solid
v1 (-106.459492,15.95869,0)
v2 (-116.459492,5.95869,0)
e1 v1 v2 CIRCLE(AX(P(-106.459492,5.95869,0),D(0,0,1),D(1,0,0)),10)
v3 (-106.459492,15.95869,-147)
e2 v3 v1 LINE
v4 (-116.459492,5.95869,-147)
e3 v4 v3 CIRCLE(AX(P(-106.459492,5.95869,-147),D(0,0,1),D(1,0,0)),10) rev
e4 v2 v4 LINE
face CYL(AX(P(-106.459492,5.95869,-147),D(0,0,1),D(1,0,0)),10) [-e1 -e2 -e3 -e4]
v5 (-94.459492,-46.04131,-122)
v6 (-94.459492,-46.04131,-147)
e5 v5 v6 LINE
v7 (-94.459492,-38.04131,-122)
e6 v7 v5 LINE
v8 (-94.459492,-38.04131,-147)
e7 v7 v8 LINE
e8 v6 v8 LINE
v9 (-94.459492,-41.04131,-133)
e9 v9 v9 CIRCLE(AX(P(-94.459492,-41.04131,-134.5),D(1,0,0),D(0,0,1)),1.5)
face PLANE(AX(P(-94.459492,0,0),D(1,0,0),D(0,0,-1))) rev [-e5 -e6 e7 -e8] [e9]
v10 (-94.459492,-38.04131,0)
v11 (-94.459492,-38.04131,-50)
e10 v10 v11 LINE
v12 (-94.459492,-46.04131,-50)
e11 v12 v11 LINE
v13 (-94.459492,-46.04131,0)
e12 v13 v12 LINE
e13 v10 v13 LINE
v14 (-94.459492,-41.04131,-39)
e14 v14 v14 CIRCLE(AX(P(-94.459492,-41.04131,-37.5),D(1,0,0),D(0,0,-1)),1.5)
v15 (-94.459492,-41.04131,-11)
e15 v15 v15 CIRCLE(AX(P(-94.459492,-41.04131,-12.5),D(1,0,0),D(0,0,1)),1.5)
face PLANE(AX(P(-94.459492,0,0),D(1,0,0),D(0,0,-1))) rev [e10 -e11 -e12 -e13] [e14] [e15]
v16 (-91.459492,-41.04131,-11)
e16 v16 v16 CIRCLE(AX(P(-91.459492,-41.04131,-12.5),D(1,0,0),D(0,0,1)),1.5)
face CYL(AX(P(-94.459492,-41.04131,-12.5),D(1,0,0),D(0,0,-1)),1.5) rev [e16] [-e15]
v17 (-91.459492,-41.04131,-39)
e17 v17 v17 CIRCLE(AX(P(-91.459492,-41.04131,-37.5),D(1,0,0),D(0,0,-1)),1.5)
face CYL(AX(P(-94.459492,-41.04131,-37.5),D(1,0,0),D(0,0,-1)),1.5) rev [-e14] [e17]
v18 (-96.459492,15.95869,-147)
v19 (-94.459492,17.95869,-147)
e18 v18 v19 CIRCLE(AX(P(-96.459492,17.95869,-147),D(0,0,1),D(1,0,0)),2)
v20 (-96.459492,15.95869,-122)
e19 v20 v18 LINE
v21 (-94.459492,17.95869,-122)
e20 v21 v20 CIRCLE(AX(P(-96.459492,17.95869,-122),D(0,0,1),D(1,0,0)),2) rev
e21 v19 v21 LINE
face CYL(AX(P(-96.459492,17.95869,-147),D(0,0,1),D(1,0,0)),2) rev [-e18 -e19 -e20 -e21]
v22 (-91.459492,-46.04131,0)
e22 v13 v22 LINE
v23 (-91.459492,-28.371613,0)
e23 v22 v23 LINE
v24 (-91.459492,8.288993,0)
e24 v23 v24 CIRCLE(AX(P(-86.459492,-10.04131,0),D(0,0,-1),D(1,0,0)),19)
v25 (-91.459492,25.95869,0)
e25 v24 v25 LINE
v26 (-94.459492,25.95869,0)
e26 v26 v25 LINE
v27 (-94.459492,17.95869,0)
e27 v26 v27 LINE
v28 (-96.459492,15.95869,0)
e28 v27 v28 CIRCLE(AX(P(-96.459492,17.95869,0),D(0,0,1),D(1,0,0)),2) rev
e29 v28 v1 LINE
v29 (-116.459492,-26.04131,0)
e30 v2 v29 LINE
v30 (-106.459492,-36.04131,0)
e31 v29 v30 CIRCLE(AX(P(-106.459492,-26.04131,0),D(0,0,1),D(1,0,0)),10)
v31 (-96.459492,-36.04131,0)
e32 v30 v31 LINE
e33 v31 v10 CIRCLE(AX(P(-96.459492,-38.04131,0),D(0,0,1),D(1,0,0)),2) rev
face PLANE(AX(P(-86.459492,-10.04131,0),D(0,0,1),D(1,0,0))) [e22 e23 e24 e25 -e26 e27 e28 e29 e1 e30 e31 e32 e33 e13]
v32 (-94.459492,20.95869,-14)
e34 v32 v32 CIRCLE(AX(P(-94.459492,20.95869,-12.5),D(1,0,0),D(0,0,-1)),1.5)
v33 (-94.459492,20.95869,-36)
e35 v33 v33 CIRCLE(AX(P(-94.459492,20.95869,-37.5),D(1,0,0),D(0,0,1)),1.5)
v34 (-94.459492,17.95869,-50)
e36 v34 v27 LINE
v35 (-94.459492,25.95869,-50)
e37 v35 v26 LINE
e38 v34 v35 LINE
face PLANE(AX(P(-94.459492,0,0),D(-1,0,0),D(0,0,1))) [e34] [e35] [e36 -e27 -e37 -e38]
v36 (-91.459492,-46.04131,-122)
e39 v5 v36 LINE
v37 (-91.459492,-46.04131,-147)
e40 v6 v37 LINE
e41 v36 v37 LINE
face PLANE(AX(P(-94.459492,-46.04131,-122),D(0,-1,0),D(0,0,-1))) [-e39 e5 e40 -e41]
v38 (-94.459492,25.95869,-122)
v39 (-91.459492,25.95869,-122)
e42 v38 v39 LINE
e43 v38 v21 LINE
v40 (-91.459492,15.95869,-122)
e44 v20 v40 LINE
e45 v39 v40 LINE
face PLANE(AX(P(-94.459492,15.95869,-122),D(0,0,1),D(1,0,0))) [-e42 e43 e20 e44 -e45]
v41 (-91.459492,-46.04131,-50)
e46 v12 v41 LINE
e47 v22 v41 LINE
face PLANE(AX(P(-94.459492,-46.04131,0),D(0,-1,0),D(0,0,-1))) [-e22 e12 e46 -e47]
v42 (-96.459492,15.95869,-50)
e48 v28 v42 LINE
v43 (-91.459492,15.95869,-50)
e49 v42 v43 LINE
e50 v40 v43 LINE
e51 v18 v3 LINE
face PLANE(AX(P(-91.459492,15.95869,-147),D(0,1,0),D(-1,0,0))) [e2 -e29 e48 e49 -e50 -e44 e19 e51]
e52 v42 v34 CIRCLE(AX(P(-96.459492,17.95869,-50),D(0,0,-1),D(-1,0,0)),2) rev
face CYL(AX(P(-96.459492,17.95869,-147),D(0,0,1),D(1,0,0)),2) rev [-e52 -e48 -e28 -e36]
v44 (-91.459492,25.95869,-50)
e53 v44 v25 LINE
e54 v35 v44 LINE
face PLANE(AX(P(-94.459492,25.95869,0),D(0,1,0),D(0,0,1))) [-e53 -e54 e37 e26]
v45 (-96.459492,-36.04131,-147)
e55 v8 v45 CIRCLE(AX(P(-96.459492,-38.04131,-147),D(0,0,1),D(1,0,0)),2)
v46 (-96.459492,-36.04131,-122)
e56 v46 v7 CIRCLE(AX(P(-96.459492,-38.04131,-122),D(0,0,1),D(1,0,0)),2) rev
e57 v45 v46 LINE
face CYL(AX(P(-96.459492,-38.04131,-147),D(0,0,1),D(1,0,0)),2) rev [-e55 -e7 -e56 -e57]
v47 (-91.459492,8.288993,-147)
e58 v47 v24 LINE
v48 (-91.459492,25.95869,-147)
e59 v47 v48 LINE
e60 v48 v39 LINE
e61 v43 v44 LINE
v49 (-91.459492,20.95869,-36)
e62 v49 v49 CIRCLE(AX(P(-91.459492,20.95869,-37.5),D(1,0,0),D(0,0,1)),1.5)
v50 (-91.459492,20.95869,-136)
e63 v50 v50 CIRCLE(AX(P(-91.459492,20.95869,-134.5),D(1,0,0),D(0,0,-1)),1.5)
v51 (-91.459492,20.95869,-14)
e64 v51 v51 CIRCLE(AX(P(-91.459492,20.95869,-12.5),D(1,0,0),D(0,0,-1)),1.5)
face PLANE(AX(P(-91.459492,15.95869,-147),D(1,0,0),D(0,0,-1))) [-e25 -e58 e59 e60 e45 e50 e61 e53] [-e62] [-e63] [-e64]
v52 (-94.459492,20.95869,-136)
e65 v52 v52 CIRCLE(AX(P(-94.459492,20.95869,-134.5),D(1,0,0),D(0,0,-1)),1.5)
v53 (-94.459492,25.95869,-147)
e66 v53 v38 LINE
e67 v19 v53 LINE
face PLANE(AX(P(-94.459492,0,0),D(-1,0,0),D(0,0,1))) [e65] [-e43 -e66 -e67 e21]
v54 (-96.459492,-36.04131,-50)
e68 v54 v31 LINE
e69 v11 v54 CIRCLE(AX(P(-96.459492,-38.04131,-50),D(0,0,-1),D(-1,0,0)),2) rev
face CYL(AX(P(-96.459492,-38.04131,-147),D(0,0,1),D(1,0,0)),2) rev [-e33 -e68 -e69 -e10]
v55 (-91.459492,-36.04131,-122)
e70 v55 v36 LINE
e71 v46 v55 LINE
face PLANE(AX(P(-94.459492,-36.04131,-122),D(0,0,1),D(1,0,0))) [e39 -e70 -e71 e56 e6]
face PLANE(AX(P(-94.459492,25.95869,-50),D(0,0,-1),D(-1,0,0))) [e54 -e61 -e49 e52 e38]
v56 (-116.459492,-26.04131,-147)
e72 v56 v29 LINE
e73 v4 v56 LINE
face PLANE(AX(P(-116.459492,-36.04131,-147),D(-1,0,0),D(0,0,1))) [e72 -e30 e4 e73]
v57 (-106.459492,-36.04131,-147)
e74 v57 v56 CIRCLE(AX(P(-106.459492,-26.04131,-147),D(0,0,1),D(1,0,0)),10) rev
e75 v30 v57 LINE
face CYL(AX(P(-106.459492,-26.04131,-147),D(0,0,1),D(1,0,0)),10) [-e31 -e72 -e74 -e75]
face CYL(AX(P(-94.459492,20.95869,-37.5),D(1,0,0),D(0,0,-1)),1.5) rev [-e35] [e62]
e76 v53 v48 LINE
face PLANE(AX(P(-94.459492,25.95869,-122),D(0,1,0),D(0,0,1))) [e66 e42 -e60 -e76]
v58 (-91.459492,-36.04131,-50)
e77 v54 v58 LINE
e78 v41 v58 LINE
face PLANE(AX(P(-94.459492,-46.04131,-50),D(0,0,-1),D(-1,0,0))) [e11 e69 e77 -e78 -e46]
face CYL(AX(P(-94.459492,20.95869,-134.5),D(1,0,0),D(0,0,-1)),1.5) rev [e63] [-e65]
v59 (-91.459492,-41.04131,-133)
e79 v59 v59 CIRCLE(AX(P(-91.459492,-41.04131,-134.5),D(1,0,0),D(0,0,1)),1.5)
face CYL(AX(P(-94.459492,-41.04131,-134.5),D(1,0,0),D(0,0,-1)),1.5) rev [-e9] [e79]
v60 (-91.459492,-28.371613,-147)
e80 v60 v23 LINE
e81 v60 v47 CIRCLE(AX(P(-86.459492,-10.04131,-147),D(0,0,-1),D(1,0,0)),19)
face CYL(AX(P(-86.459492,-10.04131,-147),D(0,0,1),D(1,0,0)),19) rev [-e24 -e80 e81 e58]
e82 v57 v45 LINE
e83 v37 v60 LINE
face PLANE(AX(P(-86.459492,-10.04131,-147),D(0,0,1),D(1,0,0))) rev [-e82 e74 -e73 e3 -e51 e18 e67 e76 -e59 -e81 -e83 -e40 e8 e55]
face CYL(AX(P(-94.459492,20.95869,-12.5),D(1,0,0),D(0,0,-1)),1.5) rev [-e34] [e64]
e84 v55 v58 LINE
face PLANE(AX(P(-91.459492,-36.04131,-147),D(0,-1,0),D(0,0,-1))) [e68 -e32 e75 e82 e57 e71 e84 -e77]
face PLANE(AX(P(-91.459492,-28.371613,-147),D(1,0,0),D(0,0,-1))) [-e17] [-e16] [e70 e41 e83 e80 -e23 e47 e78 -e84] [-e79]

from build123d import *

# Parameters (mm, degrees)
BOSS_EXTRUDE1_DEPTH = 147
SKETCH2_W           = 50
SKETCH2_H           = 10
SKETCH2_R           = 1.5
SKETCH2_W_2         = 25
BOSS_EXTRUDE2_DEPTH = 3
FILLET1_R           = 10
FILLET2_R           = 2


with BuildPart() as part:
    # Sketch1 → Boss-Extrude1 (new body)
    with BuildSketch(Plane.XY):
        with BuildLine():
            Line((-91.459491941, 15.958690151), (-116.459491941, 15.958690151))
            Line((-116.459491941, 15.958690151), (-116.459491941, -36.041309849))
            Line((-116.459491941, -36.041309849), (-91.459491941, -36.041309849))
            Line((-91.459491941, -36.041309849), (-91.459491941, -28.371612629))
            ThreePointArc((-91.459491941, -28.371612629), (-105.459491941, -10.041309849), (-91.459491941, 8.288992931))
            Line((-91.459491941, 8.288992931), (-91.459491941, 15.958690151))
        make_face()
    extrude(amount=-BOSS_EXTRUDE1_DEPTH)

    # Sketch2 → Boss-Extrude2 (add)
    # profile 1 of 4: a face of its own
    with BuildSketch(Plane(origin=(-91.459491941, 0, 0), x_dir=(0, 0, -1), z_dir=(1, 0, 0))):
        with Locations((25, 20.958690151)):
            Rectangle(SKETCH2_W, SKETCH2_H)
        with Locations((12.5, 20.958690151)):
            Circle(SKETCH2_R, mode=Mode.SUBTRACT)
        with Locations(Location((37.5, 20.958690151, 0), (0, 0, 180))):
            Circle(SKETCH2_R, mode=Mode.SUBTRACT)
    # profile 2 of 4: a face of its own
    with BuildSketch(Plane(origin=(-91.459491941, 0, 0), x_dir=(0, 0, -1), z_dir=(1, 0, 0))):
        with Locations((134.5, 20.958690151)):
            Rectangle(SKETCH2_W_2, SKETCH2_H)
        with Locations((134.5, 20.958690151)):
            Circle(SKETCH2_R, mode=Mode.SUBTRACT)
    # profile 3 of 4: a face of its own
    with BuildSketch(Plane(origin=(-91.459491941, 0, 0), x_dir=(0, 0, -1), z_dir=(1, 0, 0))):
        with Locations((25, -41.041309849)):
            Rectangle(SKETCH2_W, SKETCH2_H)
        with Locations((37.5, -41.041309849)):
            Circle(SKETCH2_R, mode=Mode.SUBTRACT)
        with Locations(Location((12.5, -41.041309849, 0), (0, 0, 180))):
            Circle(SKETCH2_R, mode=Mode.SUBTRACT)
    # profile 4 of 4: a face of its own
    with BuildSketch(Plane(origin=(-91.459491941, 0, 0), x_dir=(0, 0, -1), z_dir=(1, 0, 0))):
        with Locations((134.5, -41.041309849)):
            Rectangle(SKETCH2_W_2, SKETCH2_H)
        with Locations(Location((134.5, -41.041309849, 0), (0, 0, 180))):
            Circle(SKETCH2_R, mode=Mode.SUBTRACT)
    extrude(amount=-BOSS_EXTRUDE2_DEPTH)

    # Fillet1
    fillet1_edges = [part.edges().sort_by_distance(p)[0] for p in [
        (-116.459491941, 15.958690151, -73.5),
        (-116.459491941, -36.041309849, -73.5),
    ]]
    fillet(fillet1_edges, radius=FILLET1_R)

    # Fillet2
    fillet2_edges = [part.edges().sort_by_distance(p)[0] for p in [
        (-94.459491941, 15.958690151, -25),
        (-94.459491941, 15.958690151, -134.5),
        (-94.459491941, -36.041309849, -25),
        (-94.459491941, -36.041309849, -134.5),
    ]]
    fillet(fillet2_edges, radius=FILLET2_R)


solid = part.part
